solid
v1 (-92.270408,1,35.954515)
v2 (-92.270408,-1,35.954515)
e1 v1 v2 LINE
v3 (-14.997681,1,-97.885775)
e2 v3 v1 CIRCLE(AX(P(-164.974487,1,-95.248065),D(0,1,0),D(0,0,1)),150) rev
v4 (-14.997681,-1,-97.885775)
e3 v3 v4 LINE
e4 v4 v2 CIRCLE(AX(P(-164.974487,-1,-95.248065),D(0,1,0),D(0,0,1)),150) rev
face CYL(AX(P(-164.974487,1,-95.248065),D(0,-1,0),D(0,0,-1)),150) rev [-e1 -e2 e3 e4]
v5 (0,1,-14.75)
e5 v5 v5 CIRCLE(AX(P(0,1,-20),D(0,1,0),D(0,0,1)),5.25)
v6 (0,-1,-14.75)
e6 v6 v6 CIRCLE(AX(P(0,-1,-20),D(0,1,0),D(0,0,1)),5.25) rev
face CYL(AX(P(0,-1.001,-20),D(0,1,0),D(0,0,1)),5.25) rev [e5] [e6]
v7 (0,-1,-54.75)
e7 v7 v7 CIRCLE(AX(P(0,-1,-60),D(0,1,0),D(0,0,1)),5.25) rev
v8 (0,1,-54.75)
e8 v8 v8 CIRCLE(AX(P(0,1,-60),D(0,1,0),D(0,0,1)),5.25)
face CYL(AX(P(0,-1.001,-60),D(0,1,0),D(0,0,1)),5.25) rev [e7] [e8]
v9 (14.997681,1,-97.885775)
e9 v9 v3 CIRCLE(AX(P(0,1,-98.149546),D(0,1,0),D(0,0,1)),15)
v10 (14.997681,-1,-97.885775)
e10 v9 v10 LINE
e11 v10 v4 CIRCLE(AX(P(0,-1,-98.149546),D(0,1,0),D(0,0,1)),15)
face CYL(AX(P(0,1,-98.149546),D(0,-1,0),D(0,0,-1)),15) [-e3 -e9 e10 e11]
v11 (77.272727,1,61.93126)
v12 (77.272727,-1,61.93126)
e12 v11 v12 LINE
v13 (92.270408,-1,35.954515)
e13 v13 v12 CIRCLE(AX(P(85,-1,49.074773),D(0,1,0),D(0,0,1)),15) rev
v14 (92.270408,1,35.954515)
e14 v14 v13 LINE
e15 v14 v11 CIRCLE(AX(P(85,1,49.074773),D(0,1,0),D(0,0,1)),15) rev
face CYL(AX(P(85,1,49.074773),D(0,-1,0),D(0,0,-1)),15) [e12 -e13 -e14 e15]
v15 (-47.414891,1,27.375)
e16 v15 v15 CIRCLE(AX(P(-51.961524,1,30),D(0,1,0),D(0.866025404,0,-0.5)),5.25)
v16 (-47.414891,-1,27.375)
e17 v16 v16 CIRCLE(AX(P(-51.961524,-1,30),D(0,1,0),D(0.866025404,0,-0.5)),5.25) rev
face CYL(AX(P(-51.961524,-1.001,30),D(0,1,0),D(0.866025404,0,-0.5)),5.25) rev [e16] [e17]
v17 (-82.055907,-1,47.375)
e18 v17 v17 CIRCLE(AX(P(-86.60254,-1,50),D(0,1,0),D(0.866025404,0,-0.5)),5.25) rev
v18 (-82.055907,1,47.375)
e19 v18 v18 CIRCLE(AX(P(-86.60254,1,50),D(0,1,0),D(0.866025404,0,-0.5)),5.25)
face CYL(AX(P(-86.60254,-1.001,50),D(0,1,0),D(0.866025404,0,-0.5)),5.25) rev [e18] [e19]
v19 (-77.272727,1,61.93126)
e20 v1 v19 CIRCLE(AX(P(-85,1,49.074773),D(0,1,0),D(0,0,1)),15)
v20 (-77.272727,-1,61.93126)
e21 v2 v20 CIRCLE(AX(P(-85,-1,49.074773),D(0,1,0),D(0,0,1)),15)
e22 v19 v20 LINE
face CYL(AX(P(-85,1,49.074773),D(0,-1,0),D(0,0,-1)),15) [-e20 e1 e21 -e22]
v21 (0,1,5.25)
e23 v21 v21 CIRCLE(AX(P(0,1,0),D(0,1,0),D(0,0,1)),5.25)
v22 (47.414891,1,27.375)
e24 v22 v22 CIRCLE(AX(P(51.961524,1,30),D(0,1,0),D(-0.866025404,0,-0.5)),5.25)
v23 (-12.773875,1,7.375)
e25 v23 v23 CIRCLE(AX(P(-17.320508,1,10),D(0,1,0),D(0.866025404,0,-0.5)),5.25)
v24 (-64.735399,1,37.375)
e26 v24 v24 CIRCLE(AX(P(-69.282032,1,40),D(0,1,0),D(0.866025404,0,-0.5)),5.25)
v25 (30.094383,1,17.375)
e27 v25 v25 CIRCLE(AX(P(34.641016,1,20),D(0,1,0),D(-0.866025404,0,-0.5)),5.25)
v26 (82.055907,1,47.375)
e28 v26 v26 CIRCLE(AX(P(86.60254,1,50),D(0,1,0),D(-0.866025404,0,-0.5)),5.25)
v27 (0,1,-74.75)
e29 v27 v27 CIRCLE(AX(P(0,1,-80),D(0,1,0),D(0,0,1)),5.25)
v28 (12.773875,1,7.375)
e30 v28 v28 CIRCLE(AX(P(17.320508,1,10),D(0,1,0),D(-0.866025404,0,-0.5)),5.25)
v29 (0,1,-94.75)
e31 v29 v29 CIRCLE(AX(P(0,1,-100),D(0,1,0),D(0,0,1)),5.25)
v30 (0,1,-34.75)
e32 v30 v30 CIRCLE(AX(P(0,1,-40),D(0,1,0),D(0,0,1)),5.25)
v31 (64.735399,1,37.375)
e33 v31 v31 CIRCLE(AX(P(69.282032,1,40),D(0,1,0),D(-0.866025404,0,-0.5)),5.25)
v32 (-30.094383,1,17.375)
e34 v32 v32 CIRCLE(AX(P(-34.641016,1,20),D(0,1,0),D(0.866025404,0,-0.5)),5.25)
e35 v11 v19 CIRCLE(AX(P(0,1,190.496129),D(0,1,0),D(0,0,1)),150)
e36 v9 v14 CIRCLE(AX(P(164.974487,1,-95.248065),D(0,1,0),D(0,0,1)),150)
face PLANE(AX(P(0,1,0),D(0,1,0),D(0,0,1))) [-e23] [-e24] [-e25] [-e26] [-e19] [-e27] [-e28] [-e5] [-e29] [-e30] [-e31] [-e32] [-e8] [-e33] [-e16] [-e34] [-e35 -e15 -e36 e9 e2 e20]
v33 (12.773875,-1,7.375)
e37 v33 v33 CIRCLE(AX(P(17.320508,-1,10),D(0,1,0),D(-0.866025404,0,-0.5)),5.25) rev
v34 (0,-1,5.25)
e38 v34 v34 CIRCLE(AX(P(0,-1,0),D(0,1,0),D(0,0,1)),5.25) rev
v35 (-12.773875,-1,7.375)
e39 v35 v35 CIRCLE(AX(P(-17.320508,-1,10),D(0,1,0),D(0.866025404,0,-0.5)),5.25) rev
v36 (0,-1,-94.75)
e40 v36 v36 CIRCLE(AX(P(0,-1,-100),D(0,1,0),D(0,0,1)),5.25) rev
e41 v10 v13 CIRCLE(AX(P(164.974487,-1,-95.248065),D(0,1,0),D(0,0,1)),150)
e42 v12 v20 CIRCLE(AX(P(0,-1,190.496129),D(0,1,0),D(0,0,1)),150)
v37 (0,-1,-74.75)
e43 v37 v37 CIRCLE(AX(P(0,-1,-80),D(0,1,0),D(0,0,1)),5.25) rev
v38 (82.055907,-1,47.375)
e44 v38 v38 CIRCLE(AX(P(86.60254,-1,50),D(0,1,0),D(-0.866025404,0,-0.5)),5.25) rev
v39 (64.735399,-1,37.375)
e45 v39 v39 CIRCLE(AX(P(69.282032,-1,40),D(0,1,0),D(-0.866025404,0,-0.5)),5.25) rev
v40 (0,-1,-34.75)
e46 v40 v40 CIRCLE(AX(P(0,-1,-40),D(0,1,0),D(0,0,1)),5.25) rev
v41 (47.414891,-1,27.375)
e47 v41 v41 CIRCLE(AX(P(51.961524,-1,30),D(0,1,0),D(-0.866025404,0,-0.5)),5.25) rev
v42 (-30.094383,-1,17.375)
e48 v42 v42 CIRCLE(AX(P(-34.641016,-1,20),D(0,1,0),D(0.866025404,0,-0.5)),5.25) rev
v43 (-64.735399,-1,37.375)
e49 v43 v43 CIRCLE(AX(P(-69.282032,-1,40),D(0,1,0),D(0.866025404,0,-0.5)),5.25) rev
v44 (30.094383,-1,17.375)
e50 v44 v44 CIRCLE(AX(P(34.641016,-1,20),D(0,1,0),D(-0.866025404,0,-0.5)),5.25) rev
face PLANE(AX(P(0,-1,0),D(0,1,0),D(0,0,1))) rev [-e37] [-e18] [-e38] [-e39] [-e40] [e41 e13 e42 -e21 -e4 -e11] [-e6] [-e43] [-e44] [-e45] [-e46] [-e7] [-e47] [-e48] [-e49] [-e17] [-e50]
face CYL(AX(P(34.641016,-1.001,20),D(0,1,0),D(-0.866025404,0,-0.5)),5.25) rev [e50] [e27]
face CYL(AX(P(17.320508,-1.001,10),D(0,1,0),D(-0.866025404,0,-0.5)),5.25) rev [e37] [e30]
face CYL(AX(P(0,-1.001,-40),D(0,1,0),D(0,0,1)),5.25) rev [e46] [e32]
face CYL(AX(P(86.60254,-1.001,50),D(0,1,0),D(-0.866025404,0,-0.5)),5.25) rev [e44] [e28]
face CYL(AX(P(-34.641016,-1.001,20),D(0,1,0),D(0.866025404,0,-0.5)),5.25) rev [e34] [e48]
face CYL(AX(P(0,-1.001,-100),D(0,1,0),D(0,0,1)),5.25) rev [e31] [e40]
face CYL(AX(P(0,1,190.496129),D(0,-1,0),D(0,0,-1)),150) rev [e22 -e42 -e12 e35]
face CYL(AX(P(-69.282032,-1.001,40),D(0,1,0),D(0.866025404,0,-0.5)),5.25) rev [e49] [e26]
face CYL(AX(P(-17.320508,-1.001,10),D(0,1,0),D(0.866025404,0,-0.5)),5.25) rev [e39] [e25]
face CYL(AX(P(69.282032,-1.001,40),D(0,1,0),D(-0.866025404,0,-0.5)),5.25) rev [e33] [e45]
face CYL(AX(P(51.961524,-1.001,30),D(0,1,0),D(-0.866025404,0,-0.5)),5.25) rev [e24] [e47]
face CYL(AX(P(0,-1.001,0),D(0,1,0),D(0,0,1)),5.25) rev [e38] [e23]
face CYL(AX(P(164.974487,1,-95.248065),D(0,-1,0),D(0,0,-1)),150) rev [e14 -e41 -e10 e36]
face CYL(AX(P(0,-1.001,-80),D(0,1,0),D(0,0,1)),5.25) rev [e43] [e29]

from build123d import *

# Parameters (mm, degrees)
BOSS_EXTRUDE1_DEPTH          = 1
CUT_EXTRUDE1_REACH           = 153.019
SKETCH2_R                    = 5.25
LPATTERN1_COUNT              = 6
LPATTERN1_PITCH              = 20
CIRPATTERN1_COPY_1_REACH     = 153.019
CIRPATTERN1_COPY_1_SKETCH_R  = 5.25
CIRPATTERN1_COPY_2_REACH     = 153.019
CIRPATTERN1_COPY_2_SKETCH_R  = 5.25
CIRPATTERN1_COPY_3_REACH     = 153.019
CIRPATTERN1_COPY_3_SKETCH_R  = 5.25
CIRPATTERN1_COPY_4_REACH     = 153.019
CIRPATTERN1_COPY_4_SKETCH_R  = 5.25
CIRPATTERN1_COPY_5_REACH     = 153.019
CIRPATTERN1_COPY_5_SKETCH_R  = 5.25
CIRPATTERN1_COPY_6_REACH     = 153.019
CIRPATTERN1_COPY_6_SKETCH_R  = 5.25
CIRPATTERN1_COPY_7_REACH     = 153.019
CIRPATTERN1_COPY_7_SKETCH_R  = 5.25
CIRPATTERN1_COPY_8_REACH     = 153.019
CIRPATTERN1_COPY_8_SKETCH_R  = 5.25
CIRPATTERN1_COPY_9_REACH     = 153.019
CIRPATTERN1_COPY_9_SKETCH_R  = 5.25
CIRPATTERN1_COPY_10_REACH    = 153.019
CIRPATTERN1_COPY_10_SKETCH_R = 5.25


with BuildPart() as part:
    # Sketch1 → Boss-Extrude1 (new, symmetric)
    with BuildSketch(Plane(origin=(0, 0, 0), x_dir=(1, 0, 0), z_dir=(0, 1, 0))):
        with BuildLine():
            ThreePointArc((-92.270407539, -35.95451472), (-97.990380878, -56.574773191), (-77.272726285, -61.931259218))
            ThreePointArc((-77.272726285, -61.931259218), (-7.65e-07, -40.496129118), (77.272724973, -61.931258429))
            ThreePointArc((77.272724973, -61.931258429), (97.990379986, -56.574774736), (92.270409321, -35.954515707))
            ThreePointArc((92.270409321, -35.954515707), (35.070677387, 20.248063146), (14.99768062, 97.88577308))
            ThreePointArc((14.99768062, 97.88577308), (9.1e-08, 113.149545762), (-14.997680623, 97.885773262))
            ThreePointArc((-14.997680623, 97.885773262), (-35.070676832, 20.248064107), (-92.270407539, -35.95451472))
        make_face()
    extrude(amount=BOSS_EXTRUDE1_DEPTH, both=True)

    # Sketch2 → Cut-Extrude1 (cut, up to next)
    with BuildSketch(Plane(origin=(0, 1, 0), x_dir=(1, 0, 0), z_dir=(0, 1, 0)), mode=Mode.PRIVATE) as cut_extrude1_sk1:
        with Locations(Location((0, 0, 0), (0, 0, 270))):
            Circle(SKETCH2_R)
    cut_extrude1_tool1 = extrude(cut_extrude1_sk1.sketch, amount=-CUT_EXTRUDE1_REACH, mode=Mode.PRIVATE) & part.part
    cut_extrude1 = cut_extrude1_tool1.solids().sort_by_distance((0, 1, 0))[0]
    add(cut_extrude1, mode=Mode.SUBTRACT)

    # LPattern1: Cut-Extrude1 ×6
    with Locations(*[(0, 0, -i * LPATTERN1_PITCH) for i in range(1, LPATTERN1_COUNT)]):
        add(cut_extrude1, mode=Mode.SUBTRACT)

    # CirPattern1 copy 1 sketch → CirPattern1 copy 1 (cut, up to next)
    with BuildSketch(Plane(origin=(-17.320508076, 1, 10), x_dir=(-0.4999999999999998, 0, -0.8660254037844387), z_dir=(0, 1, 0)), mode=Mode.PRIVATE) as cirpattern1_copy_1_sk1:
        with Locations(Location((0, 0, 0), (0, 0, 270))):
            Circle(CIRPATTERN1_COPY_1_SKETCH_R)
    cirpattern1_copy_1_tool1 = extrude(cirpattern1_copy_1_sk1.sketch, amount=-CIRPATTERN1_COPY_1_REACH, mode=Mode.PRIVATE) & part.part
    add(cirpattern1_copy_1_tool1.solids().sort_by_distance((-17.320508076, 1, 10))[0], mode=Mode.SUBTRACT)

    # CirPattern1 copy 2 sketch → CirPattern1 copy 2 (cut, up to next)
    with BuildSketch(Plane(origin=(17.320508076, 1, 10), x_dir=(-0.5000000000000004, 0, 0.8660254037844384), z_dir=(0, 1, 0)), mode=Mode.PRIVATE) as cirpattern1_copy_2_sk1:
        with Locations(Location((0, 0, 0), (0, 0, 270))):
            Circle(CIRPATTERN1_COPY_2_SKETCH_R)
    cirpattern1_copy_2_tool1 = extrude(cirpattern1_copy_2_sk1.sketch, amount=-CIRPATTERN1_COPY_2_REACH, mode=Mode.PRIVATE) & part.part
    add(cirpattern1_copy_2_tool1.solids().sort_by_distance((17.320508076, 1, 10))[0], mode=Mode.SUBTRACT)

    # CirPattern1 copy 3 sketch → CirPattern1 copy 3 (cut, up to next)
    with BuildSketch(Plane(origin=(-34.641016151, 1, 20), x_dir=(-0.4999999999999998, 0, -0.8660254037844387), z_dir=(0, 1, 0)), mode=Mode.PRIVATE) as cirpattern1_copy_3_sk1:
        with Locations(Location((0, 0, 0), (0, 0, 270))):
            Circle(CIRPATTERN1_COPY_3_SKETCH_R)
    cirpattern1_copy_3_tool1 = extrude(cirpattern1_copy_3_sk1.sketch, amount=-CIRPATTERN1_COPY_3_REACH, mode=Mode.PRIVATE) & part.part
    add(cirpattern1_copy_3_tool1.solids().sort_by_distance((-34.641016151, 1, 20))[0], mode=Mode.SUBTRACT)

    # CirPattern1 copy 4 sketch → CirPattern1 copy 4 (cut, up to next)
    with BuildSketch(Plane(origin=(34.641016151, 1, 20), x_dir=(-0.5000000000000004, 0, 0.8660254037844384), z_dir=(0, 1, 0)), mode=Mode.PRIVATE) as cirpattern1_copy_4_sk1:
        with Locations(Location((0, 0, 0), (0, 0, 270))):
            Circle(CIRPATTERN1_COPY_4_SKETCH_R)
    cirpattern1_copy_4_tool1 = extrude(cirpattern1_copy_4_sk1.sketch, amount=-CIRPATTERN1_COPY_4_REACH, mode=Mode.PRIVATE) & part.part
    add(cirpattern1_copy_4_tool1.solids().sort_by_distance((34.641016151, 1, 20))[0], mode=Mode.SUBTRACT)

    # CirPattern1 copy 5 sketch → CirPattern1 copy 5 (cut, up to next)
    with BuildSketch(Plane(origin=(-51.961524227, 1, 30), x_dir=(-0.4999999999999998, 0, -0.8660254037844387), z_dir=(0, 1, 0)), mode=Mode.PRIVATE) as cirpattern1_copy_5_sk1:
        with Locations(Location((0, 0, 0), (0, 0, 270))):
            Circle(CIRPATTERN1_COPY_5_SKETCH_R)
    cirpattern1_copy_5_tool1 = extrude(cirpattern1_copy_5_sk1.sketch, amount=-CIRPATTERN1_COPY_5_REACH, mode=Mode.PRIVATE) & part.part
    add(cirpattern1_copy_5_tool1.solids().sort_by_distance((-51.961524227, 1, 30))[0], mode=Mode.SUBTRACT)

    # CirPattern1 copy 6 sketch → CirPattern1 copy 6 (cut, up to next)
    with BuildSketch(Plane(origin=(51.961524227, 1, 30), x_dir=(-0.5000000000000004, 0, 0.8660254037844384), z_dir=(0, 1, 0)), mode=Mode.PRIVATE) as cirpattern1_copy_6_sk1:
        with Locations(Location((0, 0, 0), (0, 0, 270))):
            Circle(CIRPATTERN1_COPY_6_SKETCH_R)
    cirpattern1_copy_6_tool1 = extrude(cirpattern1_copy_6_sk1.sketch, amount=-CIRPATTERN1_COPY_6_REACH, mode=Mode.PRIVATE) & part.part
    add(cirpattern1_copy_6_tool1.solids().sort_by_distance((51.961524227, 1, 30))[0], mode=Mode.SUBTRACT)

    # CirPattern1 copy 7 sketch → CirPattern1 copy 7 (cut, up to next)
    with BuildSketch(Plane(origin=(-69.282032303, 1, 40), x_dir=(-0.4999999999999998, 0, -0.8660254037844387), z_dir=(0, 1, 0)), mode=Mode.PRIVATE) as cirpattern1_copy_7_sk1:
        with Locations(Location((0, 0, 0), (0, 0, 270))):
            Circle(CIRPATTERN1_COPY_7_SKETCH_R)
    cirpattern1_copy_7_tool1 = extrude(cirpattern1_copy_7_sk1.sketch, amount=-CIRPATTERN1_COPY_7_REACH, mode=Mode.PRIVATE) & part.part
    add(cirpattern1_copy_7_tool1.solids().sort_by_distance((-69.282032303, 1, 40))[0], mode=Mode.SUBTRACT)

    # CirPattern1 copy 8 sketch → CirPattern1 copy 8 (cut, up to next)
    with BuildSketch(Plane(origin=(69.282032303, 1, 40), x_dir=(-0.5000000000000004, 0, 0.8660254037844384), z_dir=(0, 1, 0)), mode=Mode.PRIVATE) as cirpattern1_copy_8_sk1:
        with Locations(Location((0, 0, 0), (0, 0, 270))):
            Circle(CIRPATTERN1_COPY_8_SKETCH_R)
    cirpattern1_copy_8_tool1 = extrude(cirpattern1_copy_8_sk1.sketch, amount=-CIRPATTERN1_COPY_8_REACH, mode=Mode.PRIVATE) & part.part
    add(cirpattern1_copy_8_tool1.solids().sort_by_distance((69.282032303, 1, 40))[0], mode=Mode.SUBTRACT)

    # CirPattern1 copy 9 sketch → CirPattern1 copy 9 (cut, up to next)
    with BuildSketch(Plane(origin=(-86.602540378, 1, 50), x_dir=(-0.4999999999999998, 0, -0.8660254037844387), z_dir=(0, 1, 0)), mode=Mode.PRIVATE) as cirpattern1_copy_9_sk1:
        with Locations(Location((0, 0, 0), (0, 0, 270))):
            Circle(CIRPATTERN1_COPY_9_SKETCH_R)
    cirpattern1_copy_9_tool1 = extrude(cirpattern1_copy_9_sk1.sketch, amount=-CIRPATTERN1_COPY_9_REACH, mode=Mode.PRIVATE) & part.part
    add(cirpattern1_copy_9_tool1.solids().sort_by_distance((-86.602540378, 1, 50))[0], mode=Mode.SUBTRACT)

    # CirPattern1 copy 10 sketch → CirPattern1 copy 10 (cut, up to next)
    with BuildSketch(Plane(origin=(86.602540378, 1, 50), x_dir=(-0.5000000000000004, 0, 0.8660254037844384), z_dir=(0, 1, 0)), mode=Mode.PRIVATE) as cirpattern1_copy_10_sk1:
        with Locations(Location((0, 0, 0), (0, 0, 270))):
            Circle(CIRPATTERN1_COPY_10_SKETCH_R)
    cirpattern1_copy_10_tool1 = extrude(cirpattern1_copy_10_sk1.sketch, amount=-CIRPATTERN1_COPY_10_REACH, mode=Mode.PRIVATE) & part.part
    add(cirpattern1_copy_10_tool1.solids().sort_by_distance((86.602540378, 1, 50))[0], mode=Mode.SUBTRACT)


solid = part.part
